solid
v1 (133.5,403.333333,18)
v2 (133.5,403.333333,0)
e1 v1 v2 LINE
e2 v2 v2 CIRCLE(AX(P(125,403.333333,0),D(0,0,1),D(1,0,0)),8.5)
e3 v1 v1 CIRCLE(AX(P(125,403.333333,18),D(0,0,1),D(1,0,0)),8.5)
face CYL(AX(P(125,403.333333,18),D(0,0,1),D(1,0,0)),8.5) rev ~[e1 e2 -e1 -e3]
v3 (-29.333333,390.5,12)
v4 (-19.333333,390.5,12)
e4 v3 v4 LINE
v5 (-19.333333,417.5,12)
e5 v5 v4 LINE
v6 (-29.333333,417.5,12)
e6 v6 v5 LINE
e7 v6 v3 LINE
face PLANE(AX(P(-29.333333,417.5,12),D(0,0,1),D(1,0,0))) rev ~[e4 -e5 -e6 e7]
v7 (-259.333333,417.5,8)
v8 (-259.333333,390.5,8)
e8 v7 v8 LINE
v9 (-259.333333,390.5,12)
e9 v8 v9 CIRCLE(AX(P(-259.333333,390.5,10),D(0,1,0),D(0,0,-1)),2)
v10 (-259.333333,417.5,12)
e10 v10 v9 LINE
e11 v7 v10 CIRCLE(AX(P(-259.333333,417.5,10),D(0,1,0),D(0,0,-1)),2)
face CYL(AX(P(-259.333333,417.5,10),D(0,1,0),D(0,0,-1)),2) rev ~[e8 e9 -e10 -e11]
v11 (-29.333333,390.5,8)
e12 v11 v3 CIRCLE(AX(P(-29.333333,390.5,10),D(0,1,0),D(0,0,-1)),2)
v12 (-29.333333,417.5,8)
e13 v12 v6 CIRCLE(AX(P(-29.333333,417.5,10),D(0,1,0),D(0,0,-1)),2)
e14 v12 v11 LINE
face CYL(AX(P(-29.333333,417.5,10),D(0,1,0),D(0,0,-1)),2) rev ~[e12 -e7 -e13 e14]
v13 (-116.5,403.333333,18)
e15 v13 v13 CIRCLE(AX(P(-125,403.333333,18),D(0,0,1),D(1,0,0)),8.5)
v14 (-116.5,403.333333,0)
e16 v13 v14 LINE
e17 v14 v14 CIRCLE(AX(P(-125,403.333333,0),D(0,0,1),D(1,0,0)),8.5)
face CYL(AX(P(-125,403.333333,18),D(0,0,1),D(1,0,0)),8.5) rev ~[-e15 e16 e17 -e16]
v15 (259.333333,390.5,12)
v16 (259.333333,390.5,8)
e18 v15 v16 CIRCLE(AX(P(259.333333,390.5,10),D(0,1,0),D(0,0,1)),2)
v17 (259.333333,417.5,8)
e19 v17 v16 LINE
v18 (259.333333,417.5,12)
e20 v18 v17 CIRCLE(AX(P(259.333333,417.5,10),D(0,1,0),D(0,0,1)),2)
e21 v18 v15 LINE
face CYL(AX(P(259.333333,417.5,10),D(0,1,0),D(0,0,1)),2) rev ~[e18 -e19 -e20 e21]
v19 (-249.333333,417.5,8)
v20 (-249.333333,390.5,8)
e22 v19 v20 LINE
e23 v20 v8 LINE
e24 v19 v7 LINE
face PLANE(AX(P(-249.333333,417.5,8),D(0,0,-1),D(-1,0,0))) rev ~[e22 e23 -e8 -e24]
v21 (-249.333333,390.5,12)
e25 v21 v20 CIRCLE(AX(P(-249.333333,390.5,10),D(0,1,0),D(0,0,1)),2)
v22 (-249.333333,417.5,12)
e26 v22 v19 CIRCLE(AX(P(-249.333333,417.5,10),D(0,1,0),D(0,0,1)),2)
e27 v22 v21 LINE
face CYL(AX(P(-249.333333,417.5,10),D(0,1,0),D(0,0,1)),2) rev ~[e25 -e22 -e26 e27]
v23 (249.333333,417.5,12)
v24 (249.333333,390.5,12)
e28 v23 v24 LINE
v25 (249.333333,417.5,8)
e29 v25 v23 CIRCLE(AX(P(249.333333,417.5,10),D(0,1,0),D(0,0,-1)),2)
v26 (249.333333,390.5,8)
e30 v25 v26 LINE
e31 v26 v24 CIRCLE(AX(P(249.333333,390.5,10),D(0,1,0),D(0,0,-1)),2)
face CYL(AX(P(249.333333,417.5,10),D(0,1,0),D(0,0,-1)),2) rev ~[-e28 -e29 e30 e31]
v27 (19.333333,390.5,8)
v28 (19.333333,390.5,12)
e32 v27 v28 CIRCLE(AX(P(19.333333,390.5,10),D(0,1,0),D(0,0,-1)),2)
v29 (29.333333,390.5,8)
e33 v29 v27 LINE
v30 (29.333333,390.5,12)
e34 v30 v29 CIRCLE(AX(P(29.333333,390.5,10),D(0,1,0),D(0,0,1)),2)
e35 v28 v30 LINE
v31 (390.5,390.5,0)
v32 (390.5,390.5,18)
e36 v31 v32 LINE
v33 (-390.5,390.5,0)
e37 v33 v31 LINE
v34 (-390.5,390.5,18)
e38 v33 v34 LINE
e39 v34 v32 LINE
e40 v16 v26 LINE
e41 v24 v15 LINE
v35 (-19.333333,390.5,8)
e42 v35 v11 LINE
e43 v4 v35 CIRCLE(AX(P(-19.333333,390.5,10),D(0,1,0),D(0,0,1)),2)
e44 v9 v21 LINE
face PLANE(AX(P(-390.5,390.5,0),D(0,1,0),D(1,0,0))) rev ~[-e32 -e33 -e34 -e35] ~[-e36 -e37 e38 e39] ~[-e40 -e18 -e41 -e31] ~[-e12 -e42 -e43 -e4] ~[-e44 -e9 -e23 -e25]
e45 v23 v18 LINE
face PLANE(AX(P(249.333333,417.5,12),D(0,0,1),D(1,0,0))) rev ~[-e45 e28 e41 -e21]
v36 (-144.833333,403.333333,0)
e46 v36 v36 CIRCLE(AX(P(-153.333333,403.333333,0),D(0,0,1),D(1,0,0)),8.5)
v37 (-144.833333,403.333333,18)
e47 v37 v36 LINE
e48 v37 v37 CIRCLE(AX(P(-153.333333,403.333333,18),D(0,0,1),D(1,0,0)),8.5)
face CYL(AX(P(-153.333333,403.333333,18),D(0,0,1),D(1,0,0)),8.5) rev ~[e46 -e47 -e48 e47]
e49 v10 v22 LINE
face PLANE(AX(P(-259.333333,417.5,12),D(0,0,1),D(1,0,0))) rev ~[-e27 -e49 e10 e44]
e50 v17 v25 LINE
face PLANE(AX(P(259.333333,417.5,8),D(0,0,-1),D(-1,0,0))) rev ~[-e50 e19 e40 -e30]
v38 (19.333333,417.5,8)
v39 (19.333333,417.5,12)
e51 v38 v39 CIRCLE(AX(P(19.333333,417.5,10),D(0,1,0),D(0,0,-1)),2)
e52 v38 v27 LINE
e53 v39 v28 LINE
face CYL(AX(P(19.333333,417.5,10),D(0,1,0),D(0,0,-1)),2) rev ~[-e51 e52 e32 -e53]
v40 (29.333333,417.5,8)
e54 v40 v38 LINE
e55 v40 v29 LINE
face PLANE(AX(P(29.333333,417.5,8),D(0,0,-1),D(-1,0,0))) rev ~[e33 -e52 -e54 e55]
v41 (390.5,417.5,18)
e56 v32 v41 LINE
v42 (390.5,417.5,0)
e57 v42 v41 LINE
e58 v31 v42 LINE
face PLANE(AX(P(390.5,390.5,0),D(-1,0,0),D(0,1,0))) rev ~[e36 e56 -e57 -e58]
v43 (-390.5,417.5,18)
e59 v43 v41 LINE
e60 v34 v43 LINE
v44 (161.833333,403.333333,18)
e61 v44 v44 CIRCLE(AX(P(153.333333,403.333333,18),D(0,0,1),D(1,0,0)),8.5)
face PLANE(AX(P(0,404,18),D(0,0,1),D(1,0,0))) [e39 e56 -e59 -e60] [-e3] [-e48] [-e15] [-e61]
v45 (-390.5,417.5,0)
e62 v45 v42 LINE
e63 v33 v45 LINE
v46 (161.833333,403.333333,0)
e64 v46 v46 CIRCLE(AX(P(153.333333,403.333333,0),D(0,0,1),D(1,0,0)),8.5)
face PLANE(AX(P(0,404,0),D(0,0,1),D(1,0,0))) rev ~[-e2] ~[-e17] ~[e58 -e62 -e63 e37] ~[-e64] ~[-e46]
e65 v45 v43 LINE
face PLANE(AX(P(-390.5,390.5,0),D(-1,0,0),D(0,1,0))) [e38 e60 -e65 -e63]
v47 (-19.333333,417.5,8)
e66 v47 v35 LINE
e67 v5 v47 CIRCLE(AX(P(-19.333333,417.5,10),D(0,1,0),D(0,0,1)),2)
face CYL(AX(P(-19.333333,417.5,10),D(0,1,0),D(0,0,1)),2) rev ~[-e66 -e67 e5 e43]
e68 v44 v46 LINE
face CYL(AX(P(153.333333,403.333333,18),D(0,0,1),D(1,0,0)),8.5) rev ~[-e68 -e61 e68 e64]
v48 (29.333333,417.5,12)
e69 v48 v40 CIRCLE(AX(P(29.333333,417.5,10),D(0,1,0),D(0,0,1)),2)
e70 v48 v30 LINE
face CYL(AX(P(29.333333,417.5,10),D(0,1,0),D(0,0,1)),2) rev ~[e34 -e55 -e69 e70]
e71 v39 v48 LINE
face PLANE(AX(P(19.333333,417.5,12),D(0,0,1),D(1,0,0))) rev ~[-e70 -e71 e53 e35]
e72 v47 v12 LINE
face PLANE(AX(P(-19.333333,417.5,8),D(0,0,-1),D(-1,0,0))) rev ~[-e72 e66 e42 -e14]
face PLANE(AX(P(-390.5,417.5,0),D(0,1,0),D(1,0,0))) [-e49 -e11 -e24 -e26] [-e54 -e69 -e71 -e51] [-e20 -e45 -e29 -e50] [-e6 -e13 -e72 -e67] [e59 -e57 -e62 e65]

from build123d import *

# Parameters (mm, degrees)
SKETCH031_W          = 781
SKETCH031_H          = 27
PAD022_DEPTH         = 18
POCKET014_DEPTH      = 27.001
POCKET014_DEPTH_BACK = 0.001
SKETCH037_R          = 8.5
POCKET017_DEPTH      = 18.001
POCKET017_DEPTH_BACK = 0.001


with BuildPart() as part:
    # Sketch031 → Pad022 (new body)
    with BuildSketch(Plane.XY):
        Rectangle(SKETCH031_W, SKETCH031_H)
    extrude(amount=PAD022_DEPTH)

    # Sketch033 (on Face1 of Pad022) → Pocket014 (cut, two sides)
    with BuildSketch(Plane(origin=(0, 13.5, 0), x_dir=(-1, 0, 0), z_dir=(0, 1, 0))) as pocket014_sk:
        with BuildLine():
            ThreePointArc((-259.333333, 12), (-261.333333, 10), (-259.333333, 8))
            Line((-259.333333, 8), (-249.333333, 8))
            ThreePointArc((-249.333333, 8), (-247.333333, 10), (-249.333333, 12))
            Line((-249.333333, 12), (-259.333333, 12))
        make_face()
        with BuildLine():
            ThreePointArc((-29.333333, 12), (-31.333333, 10), (-29.333333, 8))
            Line((-29.333333, 8), (-19.333333, 8))
            ThreePointArc((-19.333333, 8), (-17.333333, 10), (-19.333333, 12))
            Line((-19.333333, 12), (-29.333333, 12))
        make_face()
        with BuildLine():
            ThreePointArc((19.333333, 12), (17.333333, 10), (19.333333, 8))
            Line((19.333333, 8), (29.333333, 8))
            ThreePointArc((29.333333, 8), (31.333333, 10), (29.333333, 12))
            Line((29.333333, 12), (19.333333, 12))
        make_face()
        with BuildLine():
            ThreePointArc((249.333333, 12), (247.333333, 10), (249.333333, 8))
            Line((249.333333, 8), (259.333333, 8))
            ThreePointArc((259.333333, 8), (261.333333, 10), (259.333333, 12))
            Line((259.333333, 12), (249.333333, 12))
        make_face()
    extrude(amount=-POCKET014_DEPTH, mode=Mode.SUBTRACT)
    extrude(pocket014_sk.sketch, amount=POCKET014_DEPTH_BACK, mode=Mode.SUBTRACT)

    # Sketch037 (on Face4 of Pocket014) → Pocket017 (cut, two sides)
    with BuildSketch(Plane.XY.offset(18)) as pocket017_sk:
        with Locations((-153.333333, -0.666667)):
            Circle(SKETCH037_R)
        with Locations((-125, -0.666667)):
            Circle(SKETCH037_R)
        with Locations((125, -0.666667)):
            Circle(SKETCH037_R)
        with Locations((153.333333, -0.666667)):
            Circle(SKETCH037_R)
    extrude(amount=-POCKET017_DEPTH, mode=Mode.SUBTRACT)
    extrude(pocket017_sk.sketch, amount=POCKET017_DEPTH_BACK, mode=Mode.SUBTRACT)


with BuildPart() as part_1:
    # Body022 placement: moved
    add(part.part.moved(Location((0, 404, 0))))


solid = part_1.part
